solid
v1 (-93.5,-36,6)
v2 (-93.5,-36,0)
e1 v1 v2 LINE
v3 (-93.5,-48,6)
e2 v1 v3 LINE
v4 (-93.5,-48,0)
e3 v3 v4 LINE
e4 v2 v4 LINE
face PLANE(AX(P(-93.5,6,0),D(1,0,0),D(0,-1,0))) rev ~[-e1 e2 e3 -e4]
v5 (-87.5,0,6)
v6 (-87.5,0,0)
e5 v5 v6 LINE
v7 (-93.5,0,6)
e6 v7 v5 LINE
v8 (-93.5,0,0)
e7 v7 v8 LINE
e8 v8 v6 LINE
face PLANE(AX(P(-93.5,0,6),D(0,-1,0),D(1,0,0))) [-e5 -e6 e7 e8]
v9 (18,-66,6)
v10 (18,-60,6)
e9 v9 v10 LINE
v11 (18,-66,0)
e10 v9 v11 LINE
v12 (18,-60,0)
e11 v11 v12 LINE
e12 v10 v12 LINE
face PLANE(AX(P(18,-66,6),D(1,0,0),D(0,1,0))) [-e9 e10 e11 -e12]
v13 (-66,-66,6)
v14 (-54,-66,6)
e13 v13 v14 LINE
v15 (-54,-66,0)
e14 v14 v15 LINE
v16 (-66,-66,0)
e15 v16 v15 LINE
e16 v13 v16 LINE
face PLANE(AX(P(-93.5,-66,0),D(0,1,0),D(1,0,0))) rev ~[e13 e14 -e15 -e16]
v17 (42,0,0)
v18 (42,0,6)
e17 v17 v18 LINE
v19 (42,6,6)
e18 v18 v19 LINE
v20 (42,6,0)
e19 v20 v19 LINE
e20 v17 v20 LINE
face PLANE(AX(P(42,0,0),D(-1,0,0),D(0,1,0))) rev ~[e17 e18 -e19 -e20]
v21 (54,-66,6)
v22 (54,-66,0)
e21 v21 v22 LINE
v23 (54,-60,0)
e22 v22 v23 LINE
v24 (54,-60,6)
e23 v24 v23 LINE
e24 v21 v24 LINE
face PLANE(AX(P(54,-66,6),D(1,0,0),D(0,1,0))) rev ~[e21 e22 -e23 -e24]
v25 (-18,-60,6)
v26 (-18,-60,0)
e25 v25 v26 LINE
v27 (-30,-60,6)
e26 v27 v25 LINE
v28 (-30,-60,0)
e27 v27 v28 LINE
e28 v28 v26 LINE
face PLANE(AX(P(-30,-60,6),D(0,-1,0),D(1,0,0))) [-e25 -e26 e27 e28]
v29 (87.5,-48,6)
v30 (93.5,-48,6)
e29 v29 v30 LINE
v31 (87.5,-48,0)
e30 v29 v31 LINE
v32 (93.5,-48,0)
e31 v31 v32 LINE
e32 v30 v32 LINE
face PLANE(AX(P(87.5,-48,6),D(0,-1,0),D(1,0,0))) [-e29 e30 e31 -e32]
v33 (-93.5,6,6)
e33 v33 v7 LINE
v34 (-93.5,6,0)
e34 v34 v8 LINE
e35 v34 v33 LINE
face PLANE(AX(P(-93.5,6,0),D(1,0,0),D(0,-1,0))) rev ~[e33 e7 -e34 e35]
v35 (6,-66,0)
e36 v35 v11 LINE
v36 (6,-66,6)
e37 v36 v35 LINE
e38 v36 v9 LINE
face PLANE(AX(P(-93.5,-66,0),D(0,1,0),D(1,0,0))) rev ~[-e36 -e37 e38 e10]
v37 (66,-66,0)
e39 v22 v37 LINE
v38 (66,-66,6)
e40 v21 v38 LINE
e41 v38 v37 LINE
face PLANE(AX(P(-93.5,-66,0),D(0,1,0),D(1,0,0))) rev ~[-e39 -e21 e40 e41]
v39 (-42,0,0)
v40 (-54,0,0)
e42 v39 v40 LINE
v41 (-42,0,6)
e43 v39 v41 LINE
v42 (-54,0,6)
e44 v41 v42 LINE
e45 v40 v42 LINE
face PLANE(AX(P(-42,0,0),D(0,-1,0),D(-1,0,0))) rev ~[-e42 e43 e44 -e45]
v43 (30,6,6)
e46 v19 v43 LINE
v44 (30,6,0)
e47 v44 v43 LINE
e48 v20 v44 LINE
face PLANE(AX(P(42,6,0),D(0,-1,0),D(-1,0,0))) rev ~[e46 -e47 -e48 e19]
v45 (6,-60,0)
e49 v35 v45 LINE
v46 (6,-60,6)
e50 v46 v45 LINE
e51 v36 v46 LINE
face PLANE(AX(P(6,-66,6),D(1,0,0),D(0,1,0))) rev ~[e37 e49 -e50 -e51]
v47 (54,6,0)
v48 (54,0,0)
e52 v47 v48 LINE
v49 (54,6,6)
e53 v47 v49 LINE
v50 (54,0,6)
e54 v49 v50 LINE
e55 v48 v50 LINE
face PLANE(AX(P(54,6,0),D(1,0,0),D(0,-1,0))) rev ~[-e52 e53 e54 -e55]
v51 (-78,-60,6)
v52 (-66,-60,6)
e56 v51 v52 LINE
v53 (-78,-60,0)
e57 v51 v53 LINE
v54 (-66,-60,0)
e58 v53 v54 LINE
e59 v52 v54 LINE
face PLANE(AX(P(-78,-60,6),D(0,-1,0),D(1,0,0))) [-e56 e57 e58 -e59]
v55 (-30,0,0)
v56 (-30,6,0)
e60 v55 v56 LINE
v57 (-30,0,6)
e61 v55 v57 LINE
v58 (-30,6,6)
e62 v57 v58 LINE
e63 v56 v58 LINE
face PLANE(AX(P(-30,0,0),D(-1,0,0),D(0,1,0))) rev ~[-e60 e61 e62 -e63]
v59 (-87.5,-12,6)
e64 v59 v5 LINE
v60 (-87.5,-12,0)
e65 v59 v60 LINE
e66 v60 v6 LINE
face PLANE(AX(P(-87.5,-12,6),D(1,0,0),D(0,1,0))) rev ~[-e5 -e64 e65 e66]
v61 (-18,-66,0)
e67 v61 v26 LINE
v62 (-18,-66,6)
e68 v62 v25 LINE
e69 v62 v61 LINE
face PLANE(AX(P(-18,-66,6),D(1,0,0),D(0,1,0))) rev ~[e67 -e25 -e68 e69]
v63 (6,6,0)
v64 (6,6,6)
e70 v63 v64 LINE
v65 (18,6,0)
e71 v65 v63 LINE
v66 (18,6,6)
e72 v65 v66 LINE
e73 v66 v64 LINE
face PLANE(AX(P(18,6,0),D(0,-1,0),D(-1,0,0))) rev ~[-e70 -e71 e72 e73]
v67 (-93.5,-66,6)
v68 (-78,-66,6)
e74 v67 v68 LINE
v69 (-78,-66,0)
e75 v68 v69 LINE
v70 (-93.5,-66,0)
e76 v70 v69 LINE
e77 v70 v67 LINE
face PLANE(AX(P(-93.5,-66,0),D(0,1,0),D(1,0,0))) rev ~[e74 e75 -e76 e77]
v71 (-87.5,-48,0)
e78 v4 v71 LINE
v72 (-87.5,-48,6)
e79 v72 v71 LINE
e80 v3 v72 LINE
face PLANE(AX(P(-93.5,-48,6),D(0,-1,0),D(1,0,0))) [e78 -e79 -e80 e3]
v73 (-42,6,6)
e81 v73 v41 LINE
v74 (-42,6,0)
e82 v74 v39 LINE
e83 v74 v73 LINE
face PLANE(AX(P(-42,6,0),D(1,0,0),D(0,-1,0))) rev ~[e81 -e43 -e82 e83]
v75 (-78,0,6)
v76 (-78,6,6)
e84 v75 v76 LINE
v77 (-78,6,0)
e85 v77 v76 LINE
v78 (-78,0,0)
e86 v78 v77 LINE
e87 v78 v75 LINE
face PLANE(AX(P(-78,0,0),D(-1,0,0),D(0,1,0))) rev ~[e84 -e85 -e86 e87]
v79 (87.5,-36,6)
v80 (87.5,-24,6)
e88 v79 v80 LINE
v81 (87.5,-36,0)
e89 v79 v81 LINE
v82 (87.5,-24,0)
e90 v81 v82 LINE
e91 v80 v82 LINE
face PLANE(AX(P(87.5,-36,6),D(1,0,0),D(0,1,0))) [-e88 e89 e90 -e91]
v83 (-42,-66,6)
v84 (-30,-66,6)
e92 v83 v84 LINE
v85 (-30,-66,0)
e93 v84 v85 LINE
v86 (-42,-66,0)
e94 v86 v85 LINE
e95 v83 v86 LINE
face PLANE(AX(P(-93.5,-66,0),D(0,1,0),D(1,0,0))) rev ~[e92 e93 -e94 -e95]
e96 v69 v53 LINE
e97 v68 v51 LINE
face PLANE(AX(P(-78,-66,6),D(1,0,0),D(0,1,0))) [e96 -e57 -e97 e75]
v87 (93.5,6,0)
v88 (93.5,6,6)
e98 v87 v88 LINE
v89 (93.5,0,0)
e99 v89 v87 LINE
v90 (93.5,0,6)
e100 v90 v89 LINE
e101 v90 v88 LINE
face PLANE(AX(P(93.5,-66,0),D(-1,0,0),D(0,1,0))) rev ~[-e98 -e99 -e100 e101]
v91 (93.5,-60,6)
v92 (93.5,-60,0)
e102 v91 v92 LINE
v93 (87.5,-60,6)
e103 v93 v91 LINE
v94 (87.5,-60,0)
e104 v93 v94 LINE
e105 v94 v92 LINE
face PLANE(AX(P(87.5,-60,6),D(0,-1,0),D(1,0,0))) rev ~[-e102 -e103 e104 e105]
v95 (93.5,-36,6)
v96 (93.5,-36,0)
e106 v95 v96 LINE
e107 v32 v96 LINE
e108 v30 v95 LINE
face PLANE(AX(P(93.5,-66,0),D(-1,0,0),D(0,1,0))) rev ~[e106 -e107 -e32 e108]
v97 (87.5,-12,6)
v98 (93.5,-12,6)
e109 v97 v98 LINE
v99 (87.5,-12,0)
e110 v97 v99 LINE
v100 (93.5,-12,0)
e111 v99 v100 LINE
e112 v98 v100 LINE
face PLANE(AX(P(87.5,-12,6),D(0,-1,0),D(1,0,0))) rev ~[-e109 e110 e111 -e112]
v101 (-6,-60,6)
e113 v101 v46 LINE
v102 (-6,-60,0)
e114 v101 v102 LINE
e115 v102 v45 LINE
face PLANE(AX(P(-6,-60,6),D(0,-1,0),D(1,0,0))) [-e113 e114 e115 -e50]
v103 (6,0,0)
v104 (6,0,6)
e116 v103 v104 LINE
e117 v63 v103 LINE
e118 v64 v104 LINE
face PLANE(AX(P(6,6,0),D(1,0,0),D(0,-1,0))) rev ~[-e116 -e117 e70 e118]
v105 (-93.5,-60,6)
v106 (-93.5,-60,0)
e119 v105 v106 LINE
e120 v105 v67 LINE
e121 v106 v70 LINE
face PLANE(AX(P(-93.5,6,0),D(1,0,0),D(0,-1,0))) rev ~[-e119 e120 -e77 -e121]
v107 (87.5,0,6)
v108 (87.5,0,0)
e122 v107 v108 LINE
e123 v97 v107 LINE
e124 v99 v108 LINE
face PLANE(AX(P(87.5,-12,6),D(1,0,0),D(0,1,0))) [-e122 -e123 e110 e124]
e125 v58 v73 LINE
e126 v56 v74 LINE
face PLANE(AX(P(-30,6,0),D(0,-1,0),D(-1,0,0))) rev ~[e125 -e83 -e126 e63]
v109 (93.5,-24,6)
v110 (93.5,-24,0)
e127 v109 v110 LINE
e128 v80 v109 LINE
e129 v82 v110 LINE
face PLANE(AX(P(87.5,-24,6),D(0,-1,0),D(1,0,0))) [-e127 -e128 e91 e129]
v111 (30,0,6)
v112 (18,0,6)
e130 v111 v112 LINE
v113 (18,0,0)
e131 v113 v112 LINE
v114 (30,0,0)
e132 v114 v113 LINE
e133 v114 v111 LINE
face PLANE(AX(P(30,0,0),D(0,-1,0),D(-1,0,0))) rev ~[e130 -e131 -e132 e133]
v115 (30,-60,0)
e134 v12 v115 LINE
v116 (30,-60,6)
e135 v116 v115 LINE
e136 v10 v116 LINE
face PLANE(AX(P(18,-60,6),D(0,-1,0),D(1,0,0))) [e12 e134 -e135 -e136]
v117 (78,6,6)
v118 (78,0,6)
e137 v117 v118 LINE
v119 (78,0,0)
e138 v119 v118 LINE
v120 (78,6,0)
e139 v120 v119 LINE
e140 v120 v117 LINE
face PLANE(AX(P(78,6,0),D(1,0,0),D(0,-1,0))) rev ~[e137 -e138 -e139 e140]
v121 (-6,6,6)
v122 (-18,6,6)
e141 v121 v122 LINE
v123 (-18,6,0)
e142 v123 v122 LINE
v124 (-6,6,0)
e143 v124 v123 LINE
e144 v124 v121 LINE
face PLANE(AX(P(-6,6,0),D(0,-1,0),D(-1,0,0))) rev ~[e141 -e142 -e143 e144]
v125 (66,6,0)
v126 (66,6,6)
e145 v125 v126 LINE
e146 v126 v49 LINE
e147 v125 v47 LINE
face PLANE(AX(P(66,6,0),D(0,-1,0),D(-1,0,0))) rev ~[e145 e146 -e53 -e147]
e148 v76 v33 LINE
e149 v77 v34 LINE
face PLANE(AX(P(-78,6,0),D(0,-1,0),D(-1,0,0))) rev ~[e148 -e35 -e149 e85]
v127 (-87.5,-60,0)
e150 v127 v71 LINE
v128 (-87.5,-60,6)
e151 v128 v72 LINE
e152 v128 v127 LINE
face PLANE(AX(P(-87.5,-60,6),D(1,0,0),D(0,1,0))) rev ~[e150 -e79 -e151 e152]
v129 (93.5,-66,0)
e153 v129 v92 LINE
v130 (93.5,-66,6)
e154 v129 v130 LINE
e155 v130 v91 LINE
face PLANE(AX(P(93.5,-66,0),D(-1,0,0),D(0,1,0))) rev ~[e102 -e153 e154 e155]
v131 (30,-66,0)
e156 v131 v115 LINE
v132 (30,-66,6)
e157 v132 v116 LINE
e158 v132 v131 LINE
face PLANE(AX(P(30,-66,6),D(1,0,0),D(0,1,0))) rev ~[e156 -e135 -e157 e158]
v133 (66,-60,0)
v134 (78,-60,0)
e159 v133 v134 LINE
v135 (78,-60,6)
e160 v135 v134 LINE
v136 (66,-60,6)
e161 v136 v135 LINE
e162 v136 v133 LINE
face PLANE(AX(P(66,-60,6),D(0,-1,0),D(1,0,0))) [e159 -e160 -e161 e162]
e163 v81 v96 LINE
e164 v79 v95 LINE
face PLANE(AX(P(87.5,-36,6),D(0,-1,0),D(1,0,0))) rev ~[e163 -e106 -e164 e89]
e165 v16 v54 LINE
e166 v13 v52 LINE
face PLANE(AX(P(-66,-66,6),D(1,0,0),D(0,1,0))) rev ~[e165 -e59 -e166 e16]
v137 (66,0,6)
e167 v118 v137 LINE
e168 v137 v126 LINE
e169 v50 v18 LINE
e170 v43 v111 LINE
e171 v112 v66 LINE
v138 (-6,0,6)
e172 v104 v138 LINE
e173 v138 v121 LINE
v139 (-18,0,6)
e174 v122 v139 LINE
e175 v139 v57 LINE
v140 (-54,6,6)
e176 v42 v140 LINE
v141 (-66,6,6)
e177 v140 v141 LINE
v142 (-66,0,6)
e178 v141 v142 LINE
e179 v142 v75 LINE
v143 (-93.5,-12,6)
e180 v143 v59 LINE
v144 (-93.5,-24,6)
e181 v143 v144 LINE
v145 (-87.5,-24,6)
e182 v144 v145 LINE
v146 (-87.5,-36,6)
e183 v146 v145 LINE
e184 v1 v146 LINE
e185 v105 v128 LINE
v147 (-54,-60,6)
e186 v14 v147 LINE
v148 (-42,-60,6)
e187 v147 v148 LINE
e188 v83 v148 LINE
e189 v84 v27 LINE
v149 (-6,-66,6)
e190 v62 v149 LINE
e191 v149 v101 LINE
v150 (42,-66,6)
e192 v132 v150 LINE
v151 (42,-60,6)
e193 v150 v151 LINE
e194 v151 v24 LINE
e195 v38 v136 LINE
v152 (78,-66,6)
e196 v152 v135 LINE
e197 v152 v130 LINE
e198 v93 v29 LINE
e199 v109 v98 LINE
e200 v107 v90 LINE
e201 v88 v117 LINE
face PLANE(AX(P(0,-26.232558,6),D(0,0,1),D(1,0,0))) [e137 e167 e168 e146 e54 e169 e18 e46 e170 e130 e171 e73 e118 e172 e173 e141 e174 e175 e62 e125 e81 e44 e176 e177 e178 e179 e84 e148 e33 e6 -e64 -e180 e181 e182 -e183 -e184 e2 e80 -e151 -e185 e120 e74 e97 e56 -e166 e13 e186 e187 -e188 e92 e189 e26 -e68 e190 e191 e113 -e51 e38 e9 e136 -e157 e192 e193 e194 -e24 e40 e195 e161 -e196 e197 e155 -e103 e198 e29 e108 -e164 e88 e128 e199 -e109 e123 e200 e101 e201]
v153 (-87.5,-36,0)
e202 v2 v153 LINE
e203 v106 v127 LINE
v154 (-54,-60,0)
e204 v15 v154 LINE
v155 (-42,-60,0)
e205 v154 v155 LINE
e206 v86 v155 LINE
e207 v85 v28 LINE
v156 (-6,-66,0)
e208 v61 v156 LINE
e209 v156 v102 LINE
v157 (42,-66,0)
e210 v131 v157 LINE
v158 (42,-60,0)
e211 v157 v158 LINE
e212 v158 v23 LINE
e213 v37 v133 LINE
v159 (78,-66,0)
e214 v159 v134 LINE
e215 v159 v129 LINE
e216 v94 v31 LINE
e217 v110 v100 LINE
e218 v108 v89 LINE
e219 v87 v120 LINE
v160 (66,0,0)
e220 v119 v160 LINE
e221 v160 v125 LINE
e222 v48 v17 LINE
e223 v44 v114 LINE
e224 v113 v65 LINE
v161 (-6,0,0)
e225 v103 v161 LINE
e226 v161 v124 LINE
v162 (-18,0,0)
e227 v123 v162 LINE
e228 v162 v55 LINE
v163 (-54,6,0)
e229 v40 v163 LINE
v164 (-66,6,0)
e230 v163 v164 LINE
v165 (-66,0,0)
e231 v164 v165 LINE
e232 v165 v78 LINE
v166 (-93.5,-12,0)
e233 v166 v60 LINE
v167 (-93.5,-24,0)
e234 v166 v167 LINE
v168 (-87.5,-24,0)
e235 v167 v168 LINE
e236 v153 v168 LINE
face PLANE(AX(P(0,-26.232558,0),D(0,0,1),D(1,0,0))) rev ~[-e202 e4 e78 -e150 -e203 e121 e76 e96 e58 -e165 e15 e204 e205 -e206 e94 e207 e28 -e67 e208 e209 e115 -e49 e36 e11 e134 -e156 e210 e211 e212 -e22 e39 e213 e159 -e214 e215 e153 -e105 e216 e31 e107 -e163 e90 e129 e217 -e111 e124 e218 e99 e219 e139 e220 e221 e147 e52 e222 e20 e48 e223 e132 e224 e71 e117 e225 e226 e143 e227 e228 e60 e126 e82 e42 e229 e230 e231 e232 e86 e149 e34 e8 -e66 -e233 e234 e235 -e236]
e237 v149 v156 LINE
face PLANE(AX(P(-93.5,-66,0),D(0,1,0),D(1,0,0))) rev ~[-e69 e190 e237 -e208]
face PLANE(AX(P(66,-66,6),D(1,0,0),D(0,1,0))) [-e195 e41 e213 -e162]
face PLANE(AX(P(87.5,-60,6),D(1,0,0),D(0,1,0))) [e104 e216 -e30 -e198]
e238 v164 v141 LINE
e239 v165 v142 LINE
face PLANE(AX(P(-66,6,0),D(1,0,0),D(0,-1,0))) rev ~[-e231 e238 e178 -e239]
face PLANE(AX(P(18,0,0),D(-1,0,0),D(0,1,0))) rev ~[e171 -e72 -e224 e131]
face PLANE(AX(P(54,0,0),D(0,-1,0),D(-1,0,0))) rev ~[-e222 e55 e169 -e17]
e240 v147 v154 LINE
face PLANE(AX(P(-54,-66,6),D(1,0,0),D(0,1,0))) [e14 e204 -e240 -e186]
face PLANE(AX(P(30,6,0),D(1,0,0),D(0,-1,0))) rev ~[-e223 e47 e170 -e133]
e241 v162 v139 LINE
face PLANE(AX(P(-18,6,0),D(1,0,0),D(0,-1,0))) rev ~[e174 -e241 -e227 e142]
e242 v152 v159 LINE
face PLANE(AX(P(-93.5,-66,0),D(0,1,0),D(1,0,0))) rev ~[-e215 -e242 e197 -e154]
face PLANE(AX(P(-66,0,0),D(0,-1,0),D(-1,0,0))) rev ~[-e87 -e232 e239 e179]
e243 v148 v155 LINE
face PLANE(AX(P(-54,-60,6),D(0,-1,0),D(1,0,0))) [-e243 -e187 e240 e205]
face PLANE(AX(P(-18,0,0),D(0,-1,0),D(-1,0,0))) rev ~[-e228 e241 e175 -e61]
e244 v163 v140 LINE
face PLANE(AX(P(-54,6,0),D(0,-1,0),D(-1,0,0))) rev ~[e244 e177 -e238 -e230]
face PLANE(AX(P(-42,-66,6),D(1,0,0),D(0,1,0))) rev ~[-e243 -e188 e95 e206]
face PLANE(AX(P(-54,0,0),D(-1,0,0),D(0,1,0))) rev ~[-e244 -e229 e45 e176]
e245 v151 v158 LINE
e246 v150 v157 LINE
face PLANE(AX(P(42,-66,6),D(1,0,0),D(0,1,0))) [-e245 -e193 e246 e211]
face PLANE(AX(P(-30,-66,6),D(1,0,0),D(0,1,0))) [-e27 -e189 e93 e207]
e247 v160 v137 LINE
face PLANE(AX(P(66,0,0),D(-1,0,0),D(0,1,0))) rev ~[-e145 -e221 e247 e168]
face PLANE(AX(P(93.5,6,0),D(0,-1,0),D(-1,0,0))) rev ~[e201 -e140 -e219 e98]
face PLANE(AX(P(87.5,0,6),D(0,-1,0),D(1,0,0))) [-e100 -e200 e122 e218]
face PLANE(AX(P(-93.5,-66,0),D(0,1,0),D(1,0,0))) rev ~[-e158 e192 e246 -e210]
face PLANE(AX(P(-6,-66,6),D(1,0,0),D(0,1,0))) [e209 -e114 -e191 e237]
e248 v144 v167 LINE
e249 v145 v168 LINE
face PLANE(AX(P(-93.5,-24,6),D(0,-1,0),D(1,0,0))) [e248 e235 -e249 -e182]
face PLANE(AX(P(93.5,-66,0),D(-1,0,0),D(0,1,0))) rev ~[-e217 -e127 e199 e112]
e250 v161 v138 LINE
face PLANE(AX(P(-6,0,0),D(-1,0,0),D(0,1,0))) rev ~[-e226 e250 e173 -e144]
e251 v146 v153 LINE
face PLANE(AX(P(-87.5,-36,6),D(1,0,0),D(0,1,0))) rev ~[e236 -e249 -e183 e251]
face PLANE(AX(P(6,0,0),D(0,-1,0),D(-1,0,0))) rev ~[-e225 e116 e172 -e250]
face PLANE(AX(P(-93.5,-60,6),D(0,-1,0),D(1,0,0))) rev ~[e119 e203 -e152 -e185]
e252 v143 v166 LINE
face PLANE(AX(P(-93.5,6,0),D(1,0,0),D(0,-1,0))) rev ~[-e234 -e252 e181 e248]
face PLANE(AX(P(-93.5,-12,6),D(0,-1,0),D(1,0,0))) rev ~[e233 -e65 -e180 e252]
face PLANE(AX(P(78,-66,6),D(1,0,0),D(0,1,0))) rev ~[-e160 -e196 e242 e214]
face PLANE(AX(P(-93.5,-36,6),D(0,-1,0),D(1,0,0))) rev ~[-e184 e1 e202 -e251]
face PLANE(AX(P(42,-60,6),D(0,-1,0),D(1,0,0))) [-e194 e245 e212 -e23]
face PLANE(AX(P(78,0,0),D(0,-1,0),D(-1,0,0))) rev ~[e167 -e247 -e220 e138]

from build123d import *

# Parameters (mm, degrees)
SKETCH1_W           = 6
SKETCH1_H           = 12
BOSS_EXTRUDE3_DEPTH = 6
SKETCH3_W           = 6
SKETCH3_H           = 12
CUT_EXTRUDE1_DEPTH  = 6
SKETCH4_W           = 12
SKETCH4_H           = 6
CUT_EXTRUDE2_DEPTH  = 6


with BuildPart() as part:
    # Sketch1 → Boss-Extrude3 (new body)
    with BuildSketch(Plane.XY):
        Polygon((-93.5, 6), (-93.5, -66), (93.5, -66), (93.5, 6), (78, 6), (78, 0), (66, 0), (66, 6), (54, 6), (54, 0), (42, 0), (42, 6), (30, 6), (30, 0), (18, 0), (18, 6), (6, 6), (6, 0), (-6, 0), (-6, 6), (-18, 6), (-18, 0), (-30, 0), (-30, 6), (-42, 6), (-42, 0), (-54, 0), (-54, 6), (-66, 6), (-66, 0), (-78, 0), (-78, 6), align=None)
        with Locations((90.5, -6)):
            Rectangle(SKETCH1_W, SKETCH1_H)
        with Locations((90.5, -30)):
            Rectangle(SKETCH1_W, SKETCH1_H)
        with Locations((90.5, -54)):
            Rectangle(SKETCH1_W, SKETCH1_H)
    extrude(amount=BOSS_EXTRUDE3_DEPTH)

    # Sketch3 → Cut-Extrude1 (cut)
    with BuildSketch(Plane.XY.offset(6)):
        with Locations((-90.5, -6)):
            Rectangle(SKETCH3_W, SKETCH3_H)
        with Locations((90.5, -6)):
            Rectangle(SKETCH3_W, SKETCH3_H)
        with Locations((90.5, -30)):
            Rectangle(SKETCH3_W, SKETCH3_H)
        with Locations((90.5, -54)):
            Rectangle(SKETCH3_W, SKETCH3_H)
        with Locations((-90.5, -30)):
            Rectangle(SKETCH3_W, SKETCH3_H)
        with Locations((-90.5, -54)):
            Rectangle(SKETCH3_W, SKETCH3_H)
    extrude(amount=-CUT_EXTRUDE1_DEPTH, mode=Mode.SUBTRACT)

    # Sketch4 → Cut-Extrude2 (cut)
    with BuildSketch(Plane.XY.offset(6)):
        with Locations((-72, -63)):
            Rectangle(SKETCH4_W, SKETCH4_H)
        with Locations((-48, -63)):
            Rectangle(SKETCH4_W, SKETCH4_H)
        with Locations((-24, -63)):
            Rectangle(SKETCH4_W, SKETCH4_H)
        with Locations((0, -63)):
            Rectangle(SKETCH4_W, SKETCH4_H)
        with Locations((24, -63)):
            Rectangle(SKETCH4_W, SKETCH4_H)
        with Locations((48, -63)):
            Rectangle(SKETCH4_W, SKETCH4_H)
        with Locations((72, -63)):
            Rectangle(SKETCH4_W, SKETCH4_H)
    extrude(amount=-CUT_EXTRUDE2_DEPTH, mode=Mode.SUBTRACT)


solid = part.part
